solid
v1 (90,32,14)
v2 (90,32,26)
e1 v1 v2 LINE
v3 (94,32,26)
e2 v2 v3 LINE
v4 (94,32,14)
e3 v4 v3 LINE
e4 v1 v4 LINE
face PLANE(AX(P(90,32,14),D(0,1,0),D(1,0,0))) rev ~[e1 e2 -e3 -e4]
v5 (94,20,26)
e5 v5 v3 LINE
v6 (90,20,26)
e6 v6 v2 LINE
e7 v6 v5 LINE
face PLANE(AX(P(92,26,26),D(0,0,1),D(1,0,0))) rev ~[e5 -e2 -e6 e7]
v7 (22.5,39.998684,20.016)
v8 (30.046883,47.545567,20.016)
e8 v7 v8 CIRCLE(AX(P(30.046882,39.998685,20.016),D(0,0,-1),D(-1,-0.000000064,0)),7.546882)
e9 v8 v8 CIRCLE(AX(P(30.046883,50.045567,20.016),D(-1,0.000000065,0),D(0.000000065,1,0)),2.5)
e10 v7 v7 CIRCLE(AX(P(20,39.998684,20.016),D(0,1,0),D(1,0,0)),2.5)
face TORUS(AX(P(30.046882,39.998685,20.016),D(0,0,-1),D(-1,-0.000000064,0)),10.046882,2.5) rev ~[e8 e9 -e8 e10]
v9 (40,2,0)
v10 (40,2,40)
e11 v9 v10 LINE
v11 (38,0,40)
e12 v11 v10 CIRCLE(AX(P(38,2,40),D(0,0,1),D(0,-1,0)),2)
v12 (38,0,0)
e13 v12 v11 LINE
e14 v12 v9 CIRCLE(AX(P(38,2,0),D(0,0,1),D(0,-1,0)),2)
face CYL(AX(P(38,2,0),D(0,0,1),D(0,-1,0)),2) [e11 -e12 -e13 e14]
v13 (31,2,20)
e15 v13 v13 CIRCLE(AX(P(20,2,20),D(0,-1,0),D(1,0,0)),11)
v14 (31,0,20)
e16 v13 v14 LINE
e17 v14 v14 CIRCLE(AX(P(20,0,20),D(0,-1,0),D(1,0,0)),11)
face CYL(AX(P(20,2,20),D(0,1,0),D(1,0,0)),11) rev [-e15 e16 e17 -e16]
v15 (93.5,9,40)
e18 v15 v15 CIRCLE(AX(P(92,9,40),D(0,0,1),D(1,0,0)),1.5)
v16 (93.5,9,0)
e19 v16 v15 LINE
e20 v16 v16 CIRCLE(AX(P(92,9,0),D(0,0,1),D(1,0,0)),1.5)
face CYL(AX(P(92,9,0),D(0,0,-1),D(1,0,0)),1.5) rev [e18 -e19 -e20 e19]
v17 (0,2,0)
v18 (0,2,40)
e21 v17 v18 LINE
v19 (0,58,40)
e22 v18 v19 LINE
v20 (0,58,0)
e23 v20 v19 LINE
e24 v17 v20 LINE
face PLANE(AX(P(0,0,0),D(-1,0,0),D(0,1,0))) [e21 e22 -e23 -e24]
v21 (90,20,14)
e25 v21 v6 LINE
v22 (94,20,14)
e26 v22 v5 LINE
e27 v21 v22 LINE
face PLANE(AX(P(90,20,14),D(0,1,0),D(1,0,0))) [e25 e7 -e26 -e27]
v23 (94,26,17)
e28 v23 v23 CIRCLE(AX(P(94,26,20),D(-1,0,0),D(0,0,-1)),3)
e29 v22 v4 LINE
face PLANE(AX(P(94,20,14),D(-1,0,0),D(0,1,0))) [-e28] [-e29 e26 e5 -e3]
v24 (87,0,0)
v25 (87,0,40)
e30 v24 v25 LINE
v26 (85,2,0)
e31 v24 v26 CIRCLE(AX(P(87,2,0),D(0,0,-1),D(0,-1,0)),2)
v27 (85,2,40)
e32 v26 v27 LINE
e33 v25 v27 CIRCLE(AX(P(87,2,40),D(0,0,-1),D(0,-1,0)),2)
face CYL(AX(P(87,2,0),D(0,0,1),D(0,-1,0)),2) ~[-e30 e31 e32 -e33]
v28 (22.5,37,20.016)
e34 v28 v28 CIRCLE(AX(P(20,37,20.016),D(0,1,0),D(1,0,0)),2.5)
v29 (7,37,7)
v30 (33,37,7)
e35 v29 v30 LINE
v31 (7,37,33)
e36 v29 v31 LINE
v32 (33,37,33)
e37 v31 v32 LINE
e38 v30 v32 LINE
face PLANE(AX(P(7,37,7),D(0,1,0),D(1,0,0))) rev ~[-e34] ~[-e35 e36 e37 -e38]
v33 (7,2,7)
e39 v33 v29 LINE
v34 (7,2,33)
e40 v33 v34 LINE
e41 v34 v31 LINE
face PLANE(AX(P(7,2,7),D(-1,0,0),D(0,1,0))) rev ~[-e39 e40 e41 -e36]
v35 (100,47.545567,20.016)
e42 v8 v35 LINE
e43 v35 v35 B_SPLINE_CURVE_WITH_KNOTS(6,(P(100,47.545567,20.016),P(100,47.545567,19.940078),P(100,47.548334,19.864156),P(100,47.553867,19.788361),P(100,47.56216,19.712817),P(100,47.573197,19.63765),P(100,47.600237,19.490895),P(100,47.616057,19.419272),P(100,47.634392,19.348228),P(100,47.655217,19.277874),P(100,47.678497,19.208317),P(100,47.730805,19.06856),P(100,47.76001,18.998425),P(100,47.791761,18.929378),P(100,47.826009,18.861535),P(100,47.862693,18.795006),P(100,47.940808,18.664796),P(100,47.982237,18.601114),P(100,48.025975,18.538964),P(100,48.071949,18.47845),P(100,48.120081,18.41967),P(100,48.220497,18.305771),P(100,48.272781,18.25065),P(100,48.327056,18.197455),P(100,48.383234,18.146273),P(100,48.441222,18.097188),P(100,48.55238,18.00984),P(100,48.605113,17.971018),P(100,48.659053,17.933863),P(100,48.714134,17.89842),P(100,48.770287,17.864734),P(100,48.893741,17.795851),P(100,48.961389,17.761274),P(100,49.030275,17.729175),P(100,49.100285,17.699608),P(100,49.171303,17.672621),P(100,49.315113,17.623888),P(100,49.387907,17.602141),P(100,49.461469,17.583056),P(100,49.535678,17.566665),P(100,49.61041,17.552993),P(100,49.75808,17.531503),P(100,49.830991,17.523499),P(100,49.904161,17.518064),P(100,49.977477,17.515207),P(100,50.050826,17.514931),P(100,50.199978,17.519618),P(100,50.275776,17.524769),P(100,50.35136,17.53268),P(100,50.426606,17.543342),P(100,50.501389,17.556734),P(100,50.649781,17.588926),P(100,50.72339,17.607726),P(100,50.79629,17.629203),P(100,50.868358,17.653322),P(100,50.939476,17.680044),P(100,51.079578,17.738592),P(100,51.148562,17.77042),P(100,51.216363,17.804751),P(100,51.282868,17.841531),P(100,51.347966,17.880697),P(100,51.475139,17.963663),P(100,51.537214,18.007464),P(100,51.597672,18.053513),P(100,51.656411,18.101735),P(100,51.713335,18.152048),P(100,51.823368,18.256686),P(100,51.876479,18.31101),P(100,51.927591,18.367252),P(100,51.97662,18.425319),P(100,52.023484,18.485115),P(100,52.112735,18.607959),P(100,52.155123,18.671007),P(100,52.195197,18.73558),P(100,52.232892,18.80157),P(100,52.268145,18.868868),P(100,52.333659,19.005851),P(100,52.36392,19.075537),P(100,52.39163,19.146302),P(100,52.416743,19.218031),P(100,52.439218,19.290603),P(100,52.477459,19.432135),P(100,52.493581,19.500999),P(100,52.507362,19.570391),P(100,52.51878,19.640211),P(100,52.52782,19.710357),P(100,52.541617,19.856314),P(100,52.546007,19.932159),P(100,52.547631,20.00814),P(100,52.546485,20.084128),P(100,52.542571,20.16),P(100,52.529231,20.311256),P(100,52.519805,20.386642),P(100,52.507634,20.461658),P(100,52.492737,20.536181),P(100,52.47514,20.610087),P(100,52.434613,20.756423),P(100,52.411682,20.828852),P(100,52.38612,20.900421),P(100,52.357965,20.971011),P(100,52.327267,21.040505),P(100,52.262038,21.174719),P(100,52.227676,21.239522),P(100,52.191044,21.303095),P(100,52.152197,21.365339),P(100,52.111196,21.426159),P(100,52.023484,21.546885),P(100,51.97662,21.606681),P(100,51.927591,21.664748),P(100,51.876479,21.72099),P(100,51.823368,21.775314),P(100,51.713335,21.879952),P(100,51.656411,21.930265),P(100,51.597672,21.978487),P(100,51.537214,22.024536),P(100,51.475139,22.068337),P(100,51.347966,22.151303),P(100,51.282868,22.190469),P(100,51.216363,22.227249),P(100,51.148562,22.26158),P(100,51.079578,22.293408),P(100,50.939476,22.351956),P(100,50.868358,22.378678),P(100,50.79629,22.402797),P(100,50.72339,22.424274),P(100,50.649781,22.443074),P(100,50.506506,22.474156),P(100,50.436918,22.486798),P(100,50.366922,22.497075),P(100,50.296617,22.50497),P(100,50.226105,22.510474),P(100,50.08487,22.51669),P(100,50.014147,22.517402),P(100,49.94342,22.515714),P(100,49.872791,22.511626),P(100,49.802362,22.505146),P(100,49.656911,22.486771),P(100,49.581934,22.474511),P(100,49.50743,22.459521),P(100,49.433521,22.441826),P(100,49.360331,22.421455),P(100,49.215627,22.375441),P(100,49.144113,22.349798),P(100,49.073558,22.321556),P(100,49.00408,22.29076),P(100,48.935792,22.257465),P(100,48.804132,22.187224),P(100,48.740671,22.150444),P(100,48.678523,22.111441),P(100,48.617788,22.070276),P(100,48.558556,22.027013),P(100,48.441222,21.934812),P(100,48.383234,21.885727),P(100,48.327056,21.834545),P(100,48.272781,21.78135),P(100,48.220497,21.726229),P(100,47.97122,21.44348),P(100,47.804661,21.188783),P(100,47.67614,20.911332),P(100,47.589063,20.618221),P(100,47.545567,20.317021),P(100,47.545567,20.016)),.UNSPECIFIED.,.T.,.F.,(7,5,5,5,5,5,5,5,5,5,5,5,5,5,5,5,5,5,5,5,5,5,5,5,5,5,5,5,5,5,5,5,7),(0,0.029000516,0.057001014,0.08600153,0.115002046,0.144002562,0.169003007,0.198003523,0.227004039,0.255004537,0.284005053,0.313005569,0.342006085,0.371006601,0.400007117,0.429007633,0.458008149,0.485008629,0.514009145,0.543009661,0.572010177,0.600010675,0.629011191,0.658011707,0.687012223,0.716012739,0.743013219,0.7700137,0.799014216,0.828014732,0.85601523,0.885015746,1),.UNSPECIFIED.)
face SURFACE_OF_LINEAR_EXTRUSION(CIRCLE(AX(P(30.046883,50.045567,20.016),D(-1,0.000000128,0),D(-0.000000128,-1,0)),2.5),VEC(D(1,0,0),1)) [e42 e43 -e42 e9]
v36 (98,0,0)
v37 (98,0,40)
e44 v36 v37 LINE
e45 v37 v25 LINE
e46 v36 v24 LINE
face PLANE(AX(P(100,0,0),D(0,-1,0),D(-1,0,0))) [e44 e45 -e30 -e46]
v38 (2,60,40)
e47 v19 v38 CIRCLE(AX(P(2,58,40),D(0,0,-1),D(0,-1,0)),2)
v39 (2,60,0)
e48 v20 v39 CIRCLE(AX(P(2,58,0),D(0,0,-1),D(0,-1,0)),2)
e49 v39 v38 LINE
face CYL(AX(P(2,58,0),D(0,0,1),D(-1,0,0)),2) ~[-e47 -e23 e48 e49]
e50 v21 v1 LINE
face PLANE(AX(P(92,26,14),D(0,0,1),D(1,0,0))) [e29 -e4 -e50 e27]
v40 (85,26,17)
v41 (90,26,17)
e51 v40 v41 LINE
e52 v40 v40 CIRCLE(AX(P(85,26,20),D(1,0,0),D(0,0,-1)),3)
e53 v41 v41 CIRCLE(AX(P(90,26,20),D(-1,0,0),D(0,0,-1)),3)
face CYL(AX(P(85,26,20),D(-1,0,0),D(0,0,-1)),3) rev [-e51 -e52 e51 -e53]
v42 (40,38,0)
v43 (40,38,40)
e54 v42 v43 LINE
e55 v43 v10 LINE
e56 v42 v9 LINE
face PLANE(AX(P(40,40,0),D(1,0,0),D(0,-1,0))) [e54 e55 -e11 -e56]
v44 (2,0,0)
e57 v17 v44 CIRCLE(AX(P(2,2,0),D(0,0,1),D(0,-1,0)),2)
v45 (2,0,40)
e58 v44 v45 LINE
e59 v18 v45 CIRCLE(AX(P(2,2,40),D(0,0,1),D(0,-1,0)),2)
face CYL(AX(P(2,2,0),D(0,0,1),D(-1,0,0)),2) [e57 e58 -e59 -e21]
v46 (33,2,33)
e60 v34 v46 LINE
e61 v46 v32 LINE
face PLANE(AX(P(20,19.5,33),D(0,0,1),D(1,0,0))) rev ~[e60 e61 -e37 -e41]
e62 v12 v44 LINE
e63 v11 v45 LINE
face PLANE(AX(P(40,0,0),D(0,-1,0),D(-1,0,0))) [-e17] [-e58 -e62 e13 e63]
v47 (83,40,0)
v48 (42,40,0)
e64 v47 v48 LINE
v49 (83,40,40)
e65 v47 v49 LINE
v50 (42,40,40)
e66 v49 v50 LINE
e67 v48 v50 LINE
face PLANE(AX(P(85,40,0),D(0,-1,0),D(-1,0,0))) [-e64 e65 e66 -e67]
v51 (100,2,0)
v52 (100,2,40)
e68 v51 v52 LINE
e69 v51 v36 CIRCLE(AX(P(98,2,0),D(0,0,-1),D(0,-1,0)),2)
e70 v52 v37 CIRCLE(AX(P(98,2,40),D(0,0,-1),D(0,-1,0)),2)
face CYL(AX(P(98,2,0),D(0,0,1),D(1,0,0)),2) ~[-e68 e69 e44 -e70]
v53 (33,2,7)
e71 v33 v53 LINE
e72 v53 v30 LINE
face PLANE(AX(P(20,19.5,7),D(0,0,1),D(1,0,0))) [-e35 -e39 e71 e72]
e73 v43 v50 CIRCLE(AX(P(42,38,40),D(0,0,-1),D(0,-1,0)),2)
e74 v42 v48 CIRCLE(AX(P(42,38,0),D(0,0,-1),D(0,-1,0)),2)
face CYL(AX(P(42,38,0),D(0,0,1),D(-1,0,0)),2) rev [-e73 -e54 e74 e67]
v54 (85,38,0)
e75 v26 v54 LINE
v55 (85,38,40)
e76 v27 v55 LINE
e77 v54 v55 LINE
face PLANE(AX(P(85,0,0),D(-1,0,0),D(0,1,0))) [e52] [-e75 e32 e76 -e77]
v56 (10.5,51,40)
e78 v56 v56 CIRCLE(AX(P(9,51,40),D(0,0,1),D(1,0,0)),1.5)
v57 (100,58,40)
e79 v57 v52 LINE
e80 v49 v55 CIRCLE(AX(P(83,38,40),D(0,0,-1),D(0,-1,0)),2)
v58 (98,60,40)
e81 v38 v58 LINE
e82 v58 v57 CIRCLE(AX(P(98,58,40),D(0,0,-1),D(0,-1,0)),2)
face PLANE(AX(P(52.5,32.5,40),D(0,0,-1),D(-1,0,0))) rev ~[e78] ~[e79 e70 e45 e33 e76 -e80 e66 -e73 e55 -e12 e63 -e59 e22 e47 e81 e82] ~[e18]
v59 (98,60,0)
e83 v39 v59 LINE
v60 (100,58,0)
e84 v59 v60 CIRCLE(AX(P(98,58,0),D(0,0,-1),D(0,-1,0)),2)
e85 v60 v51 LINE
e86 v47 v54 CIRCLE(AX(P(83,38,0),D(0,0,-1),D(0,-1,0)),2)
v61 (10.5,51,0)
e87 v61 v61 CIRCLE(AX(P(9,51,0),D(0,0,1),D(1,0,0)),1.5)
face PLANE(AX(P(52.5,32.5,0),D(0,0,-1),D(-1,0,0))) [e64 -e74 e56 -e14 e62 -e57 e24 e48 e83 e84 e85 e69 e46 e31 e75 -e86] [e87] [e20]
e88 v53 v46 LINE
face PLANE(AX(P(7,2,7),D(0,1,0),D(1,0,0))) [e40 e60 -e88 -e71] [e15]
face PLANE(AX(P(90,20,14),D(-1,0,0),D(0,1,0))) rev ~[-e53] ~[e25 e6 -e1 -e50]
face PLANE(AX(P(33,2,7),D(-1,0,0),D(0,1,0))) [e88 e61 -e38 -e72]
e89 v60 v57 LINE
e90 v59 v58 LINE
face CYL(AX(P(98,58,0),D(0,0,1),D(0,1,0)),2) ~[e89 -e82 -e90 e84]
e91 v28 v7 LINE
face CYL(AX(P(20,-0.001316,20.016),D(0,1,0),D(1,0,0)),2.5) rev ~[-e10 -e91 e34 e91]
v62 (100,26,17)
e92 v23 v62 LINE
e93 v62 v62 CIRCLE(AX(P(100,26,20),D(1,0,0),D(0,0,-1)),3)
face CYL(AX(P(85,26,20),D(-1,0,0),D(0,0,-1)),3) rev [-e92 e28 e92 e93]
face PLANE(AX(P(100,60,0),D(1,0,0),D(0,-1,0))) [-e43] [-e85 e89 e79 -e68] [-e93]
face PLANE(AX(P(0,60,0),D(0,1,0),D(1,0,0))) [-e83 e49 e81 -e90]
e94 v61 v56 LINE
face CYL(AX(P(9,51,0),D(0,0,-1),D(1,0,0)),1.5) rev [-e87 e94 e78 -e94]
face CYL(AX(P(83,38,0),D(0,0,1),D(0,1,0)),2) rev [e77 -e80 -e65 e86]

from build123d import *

# Parameters (mm, degrees)
SKETCH005_R       = 2.5
CYLINDER_R        = 11
CYLINDER_DEPTH    = 2
BOX001_W          = 26
BOX001_H          = 35
BOX001_DEPTH      = 26
CYLINDER001_R     = 1.5
CYLINDER001_DEPTH = 40
CYLINDER002_R     = 1.5
CYLINDER002_DEPTH = 40
BOX_W             = 4
BOX_H             = 12
BOX_DEPTH         = 12
CYLINDER003_R     = 3
CYLINDER003_DEPTH = 15
PAD_DEPTH         = 40
FILLET_R          = 2


with BuildPart() as sensorcable:
    # Sweep: sweep along a path in Sketch006
    with BuildLine(Plane.XY) as sweep_path:
        Line((20.046883, -0.001316), (20.046883, 39.998684))
        ThreePointArc((20.046883, 39.998684), (22.975815, 47.069752), (30.046883, 49.998684))
        Line((30.046883, 49.998684), (100.046883, 49.998684))
    # Sketch005 → Sweep (sweep)
    with BuildSketch(Plane.XZ):
        with Locations((20, 0.016)):
            Circle(SKETCH005_R)
    sweep(path=sweep_path.line)


with BuildPart() as sensorcable_1:
    # Sweep placement: moved
    add(sensorcable.part.moved(Location((0, 0, 20))))


with BuildPart() as sensorcylinder:
    # Cylinder → Cylinder (new body)
    with BuildSketch(Plane(origin=(20, 2, 20), x_dir=(1, 0, 0), z_dir=(0, -1, 0))):
        Circle(CYLINDER_R)
    extrude(amount=CYLINDER_DEPTH)


with BuildPart() as sensor:
    # Box001 → Box001 (new body)
    with BuildSketch(Plane(origin=(7, 2, 7), x_dir=(1, 0, 0), z_dir=(0, 0, 1))):
        with Locations((13, 17.5)):
            Rectangle(BOX001_W, BOX001_H)
    extrude(amount=BOX001_DEPTH)

    # Fusion001: union sensorCable, sensorCylinder
    add(sensorcable_1.part)
    add(sensorcylinder.part)


with BuildPart() as screw001:
    # Cylinder001 → Cylinder001 (new body)
    with BuildSketch(Plane(origin=(9, 51, 0), x_dir=(1, 0, 0), z_dir=(0, 0, 1))):
        Circle(CYLINDER001_R)
    extrude(amount=CYLINDER001_DEPTH)


with BuildPart() as screws:
    # Cylinder002 → Cylinder002 (new body)
    with BuildSketch(Plane(origin=(92, 9, 0), x_dir=(1, 0, 0), z_dir=(0, 0, 1))):
        Circle(CYLINDER002_R)
    extrude(amount=CYLINDER002_DEPTH)

    # Fusion002: union screw001
    add(screw001.part)


with BuildPart() as nutclamp:
    # Box → Box (new body)
    with BuildSketch(Plane(origin=(90, 20, 14), x_dir=(1, 0, 0), z_dir=(0, 0, 1))):
        with Locations((2, 6)):
            Rectangle(BOX_W, BOX_H)
    extrude(amount=BOX_DEPTH)


with BuildPart() as drills:
    # Cylinder003 → Cylinder003 (new body)
    with BuildSketch(Plane(origin=(85, 26, 20), x_dir=(0, 0, -1), z_dir=(1, 0, 0))):
        Circle(CYLINDER003_R)
    extrude(amount=CYLINDER003_DEPTH)

    # Fusion: union nutClamp
    add(nutclamp.part)

    # Fusion003: union sensor, screws
    add(sensor.part)
    add(screws.part)


with BuildPart() as ultrasonicsensorcase:
    # Sketch → Pad (new body)
    with BuildSketch(Plane.XY):
        Polygon((0, 0), (0, 60), (100, 60), (100, 0), (85, 0), (85, 40), (40, 40), (40, 0), align=None)
    extrude(amount=PAD_DEPTH)

    # Cut: cut drills
    add(drills.part, mode=Mode.SUBTRACT)

    # Fillet
    fillet_edges = [ultrasonicsensorcase.edges().sort_by_distance(p)[0] for p in [
        (0, 0, 20),
        (0, 60, 20),
        (40, 0, 20),
        (100, 60, 20),
        (40, 40, 20),
        (100, 0, 20),
        (85, 40, 20),
        (85, 0, 20),
    ]]
    fillet(fillet_edges, radius=FILLET_R)


solid = ultrasonicsensorcase.part
